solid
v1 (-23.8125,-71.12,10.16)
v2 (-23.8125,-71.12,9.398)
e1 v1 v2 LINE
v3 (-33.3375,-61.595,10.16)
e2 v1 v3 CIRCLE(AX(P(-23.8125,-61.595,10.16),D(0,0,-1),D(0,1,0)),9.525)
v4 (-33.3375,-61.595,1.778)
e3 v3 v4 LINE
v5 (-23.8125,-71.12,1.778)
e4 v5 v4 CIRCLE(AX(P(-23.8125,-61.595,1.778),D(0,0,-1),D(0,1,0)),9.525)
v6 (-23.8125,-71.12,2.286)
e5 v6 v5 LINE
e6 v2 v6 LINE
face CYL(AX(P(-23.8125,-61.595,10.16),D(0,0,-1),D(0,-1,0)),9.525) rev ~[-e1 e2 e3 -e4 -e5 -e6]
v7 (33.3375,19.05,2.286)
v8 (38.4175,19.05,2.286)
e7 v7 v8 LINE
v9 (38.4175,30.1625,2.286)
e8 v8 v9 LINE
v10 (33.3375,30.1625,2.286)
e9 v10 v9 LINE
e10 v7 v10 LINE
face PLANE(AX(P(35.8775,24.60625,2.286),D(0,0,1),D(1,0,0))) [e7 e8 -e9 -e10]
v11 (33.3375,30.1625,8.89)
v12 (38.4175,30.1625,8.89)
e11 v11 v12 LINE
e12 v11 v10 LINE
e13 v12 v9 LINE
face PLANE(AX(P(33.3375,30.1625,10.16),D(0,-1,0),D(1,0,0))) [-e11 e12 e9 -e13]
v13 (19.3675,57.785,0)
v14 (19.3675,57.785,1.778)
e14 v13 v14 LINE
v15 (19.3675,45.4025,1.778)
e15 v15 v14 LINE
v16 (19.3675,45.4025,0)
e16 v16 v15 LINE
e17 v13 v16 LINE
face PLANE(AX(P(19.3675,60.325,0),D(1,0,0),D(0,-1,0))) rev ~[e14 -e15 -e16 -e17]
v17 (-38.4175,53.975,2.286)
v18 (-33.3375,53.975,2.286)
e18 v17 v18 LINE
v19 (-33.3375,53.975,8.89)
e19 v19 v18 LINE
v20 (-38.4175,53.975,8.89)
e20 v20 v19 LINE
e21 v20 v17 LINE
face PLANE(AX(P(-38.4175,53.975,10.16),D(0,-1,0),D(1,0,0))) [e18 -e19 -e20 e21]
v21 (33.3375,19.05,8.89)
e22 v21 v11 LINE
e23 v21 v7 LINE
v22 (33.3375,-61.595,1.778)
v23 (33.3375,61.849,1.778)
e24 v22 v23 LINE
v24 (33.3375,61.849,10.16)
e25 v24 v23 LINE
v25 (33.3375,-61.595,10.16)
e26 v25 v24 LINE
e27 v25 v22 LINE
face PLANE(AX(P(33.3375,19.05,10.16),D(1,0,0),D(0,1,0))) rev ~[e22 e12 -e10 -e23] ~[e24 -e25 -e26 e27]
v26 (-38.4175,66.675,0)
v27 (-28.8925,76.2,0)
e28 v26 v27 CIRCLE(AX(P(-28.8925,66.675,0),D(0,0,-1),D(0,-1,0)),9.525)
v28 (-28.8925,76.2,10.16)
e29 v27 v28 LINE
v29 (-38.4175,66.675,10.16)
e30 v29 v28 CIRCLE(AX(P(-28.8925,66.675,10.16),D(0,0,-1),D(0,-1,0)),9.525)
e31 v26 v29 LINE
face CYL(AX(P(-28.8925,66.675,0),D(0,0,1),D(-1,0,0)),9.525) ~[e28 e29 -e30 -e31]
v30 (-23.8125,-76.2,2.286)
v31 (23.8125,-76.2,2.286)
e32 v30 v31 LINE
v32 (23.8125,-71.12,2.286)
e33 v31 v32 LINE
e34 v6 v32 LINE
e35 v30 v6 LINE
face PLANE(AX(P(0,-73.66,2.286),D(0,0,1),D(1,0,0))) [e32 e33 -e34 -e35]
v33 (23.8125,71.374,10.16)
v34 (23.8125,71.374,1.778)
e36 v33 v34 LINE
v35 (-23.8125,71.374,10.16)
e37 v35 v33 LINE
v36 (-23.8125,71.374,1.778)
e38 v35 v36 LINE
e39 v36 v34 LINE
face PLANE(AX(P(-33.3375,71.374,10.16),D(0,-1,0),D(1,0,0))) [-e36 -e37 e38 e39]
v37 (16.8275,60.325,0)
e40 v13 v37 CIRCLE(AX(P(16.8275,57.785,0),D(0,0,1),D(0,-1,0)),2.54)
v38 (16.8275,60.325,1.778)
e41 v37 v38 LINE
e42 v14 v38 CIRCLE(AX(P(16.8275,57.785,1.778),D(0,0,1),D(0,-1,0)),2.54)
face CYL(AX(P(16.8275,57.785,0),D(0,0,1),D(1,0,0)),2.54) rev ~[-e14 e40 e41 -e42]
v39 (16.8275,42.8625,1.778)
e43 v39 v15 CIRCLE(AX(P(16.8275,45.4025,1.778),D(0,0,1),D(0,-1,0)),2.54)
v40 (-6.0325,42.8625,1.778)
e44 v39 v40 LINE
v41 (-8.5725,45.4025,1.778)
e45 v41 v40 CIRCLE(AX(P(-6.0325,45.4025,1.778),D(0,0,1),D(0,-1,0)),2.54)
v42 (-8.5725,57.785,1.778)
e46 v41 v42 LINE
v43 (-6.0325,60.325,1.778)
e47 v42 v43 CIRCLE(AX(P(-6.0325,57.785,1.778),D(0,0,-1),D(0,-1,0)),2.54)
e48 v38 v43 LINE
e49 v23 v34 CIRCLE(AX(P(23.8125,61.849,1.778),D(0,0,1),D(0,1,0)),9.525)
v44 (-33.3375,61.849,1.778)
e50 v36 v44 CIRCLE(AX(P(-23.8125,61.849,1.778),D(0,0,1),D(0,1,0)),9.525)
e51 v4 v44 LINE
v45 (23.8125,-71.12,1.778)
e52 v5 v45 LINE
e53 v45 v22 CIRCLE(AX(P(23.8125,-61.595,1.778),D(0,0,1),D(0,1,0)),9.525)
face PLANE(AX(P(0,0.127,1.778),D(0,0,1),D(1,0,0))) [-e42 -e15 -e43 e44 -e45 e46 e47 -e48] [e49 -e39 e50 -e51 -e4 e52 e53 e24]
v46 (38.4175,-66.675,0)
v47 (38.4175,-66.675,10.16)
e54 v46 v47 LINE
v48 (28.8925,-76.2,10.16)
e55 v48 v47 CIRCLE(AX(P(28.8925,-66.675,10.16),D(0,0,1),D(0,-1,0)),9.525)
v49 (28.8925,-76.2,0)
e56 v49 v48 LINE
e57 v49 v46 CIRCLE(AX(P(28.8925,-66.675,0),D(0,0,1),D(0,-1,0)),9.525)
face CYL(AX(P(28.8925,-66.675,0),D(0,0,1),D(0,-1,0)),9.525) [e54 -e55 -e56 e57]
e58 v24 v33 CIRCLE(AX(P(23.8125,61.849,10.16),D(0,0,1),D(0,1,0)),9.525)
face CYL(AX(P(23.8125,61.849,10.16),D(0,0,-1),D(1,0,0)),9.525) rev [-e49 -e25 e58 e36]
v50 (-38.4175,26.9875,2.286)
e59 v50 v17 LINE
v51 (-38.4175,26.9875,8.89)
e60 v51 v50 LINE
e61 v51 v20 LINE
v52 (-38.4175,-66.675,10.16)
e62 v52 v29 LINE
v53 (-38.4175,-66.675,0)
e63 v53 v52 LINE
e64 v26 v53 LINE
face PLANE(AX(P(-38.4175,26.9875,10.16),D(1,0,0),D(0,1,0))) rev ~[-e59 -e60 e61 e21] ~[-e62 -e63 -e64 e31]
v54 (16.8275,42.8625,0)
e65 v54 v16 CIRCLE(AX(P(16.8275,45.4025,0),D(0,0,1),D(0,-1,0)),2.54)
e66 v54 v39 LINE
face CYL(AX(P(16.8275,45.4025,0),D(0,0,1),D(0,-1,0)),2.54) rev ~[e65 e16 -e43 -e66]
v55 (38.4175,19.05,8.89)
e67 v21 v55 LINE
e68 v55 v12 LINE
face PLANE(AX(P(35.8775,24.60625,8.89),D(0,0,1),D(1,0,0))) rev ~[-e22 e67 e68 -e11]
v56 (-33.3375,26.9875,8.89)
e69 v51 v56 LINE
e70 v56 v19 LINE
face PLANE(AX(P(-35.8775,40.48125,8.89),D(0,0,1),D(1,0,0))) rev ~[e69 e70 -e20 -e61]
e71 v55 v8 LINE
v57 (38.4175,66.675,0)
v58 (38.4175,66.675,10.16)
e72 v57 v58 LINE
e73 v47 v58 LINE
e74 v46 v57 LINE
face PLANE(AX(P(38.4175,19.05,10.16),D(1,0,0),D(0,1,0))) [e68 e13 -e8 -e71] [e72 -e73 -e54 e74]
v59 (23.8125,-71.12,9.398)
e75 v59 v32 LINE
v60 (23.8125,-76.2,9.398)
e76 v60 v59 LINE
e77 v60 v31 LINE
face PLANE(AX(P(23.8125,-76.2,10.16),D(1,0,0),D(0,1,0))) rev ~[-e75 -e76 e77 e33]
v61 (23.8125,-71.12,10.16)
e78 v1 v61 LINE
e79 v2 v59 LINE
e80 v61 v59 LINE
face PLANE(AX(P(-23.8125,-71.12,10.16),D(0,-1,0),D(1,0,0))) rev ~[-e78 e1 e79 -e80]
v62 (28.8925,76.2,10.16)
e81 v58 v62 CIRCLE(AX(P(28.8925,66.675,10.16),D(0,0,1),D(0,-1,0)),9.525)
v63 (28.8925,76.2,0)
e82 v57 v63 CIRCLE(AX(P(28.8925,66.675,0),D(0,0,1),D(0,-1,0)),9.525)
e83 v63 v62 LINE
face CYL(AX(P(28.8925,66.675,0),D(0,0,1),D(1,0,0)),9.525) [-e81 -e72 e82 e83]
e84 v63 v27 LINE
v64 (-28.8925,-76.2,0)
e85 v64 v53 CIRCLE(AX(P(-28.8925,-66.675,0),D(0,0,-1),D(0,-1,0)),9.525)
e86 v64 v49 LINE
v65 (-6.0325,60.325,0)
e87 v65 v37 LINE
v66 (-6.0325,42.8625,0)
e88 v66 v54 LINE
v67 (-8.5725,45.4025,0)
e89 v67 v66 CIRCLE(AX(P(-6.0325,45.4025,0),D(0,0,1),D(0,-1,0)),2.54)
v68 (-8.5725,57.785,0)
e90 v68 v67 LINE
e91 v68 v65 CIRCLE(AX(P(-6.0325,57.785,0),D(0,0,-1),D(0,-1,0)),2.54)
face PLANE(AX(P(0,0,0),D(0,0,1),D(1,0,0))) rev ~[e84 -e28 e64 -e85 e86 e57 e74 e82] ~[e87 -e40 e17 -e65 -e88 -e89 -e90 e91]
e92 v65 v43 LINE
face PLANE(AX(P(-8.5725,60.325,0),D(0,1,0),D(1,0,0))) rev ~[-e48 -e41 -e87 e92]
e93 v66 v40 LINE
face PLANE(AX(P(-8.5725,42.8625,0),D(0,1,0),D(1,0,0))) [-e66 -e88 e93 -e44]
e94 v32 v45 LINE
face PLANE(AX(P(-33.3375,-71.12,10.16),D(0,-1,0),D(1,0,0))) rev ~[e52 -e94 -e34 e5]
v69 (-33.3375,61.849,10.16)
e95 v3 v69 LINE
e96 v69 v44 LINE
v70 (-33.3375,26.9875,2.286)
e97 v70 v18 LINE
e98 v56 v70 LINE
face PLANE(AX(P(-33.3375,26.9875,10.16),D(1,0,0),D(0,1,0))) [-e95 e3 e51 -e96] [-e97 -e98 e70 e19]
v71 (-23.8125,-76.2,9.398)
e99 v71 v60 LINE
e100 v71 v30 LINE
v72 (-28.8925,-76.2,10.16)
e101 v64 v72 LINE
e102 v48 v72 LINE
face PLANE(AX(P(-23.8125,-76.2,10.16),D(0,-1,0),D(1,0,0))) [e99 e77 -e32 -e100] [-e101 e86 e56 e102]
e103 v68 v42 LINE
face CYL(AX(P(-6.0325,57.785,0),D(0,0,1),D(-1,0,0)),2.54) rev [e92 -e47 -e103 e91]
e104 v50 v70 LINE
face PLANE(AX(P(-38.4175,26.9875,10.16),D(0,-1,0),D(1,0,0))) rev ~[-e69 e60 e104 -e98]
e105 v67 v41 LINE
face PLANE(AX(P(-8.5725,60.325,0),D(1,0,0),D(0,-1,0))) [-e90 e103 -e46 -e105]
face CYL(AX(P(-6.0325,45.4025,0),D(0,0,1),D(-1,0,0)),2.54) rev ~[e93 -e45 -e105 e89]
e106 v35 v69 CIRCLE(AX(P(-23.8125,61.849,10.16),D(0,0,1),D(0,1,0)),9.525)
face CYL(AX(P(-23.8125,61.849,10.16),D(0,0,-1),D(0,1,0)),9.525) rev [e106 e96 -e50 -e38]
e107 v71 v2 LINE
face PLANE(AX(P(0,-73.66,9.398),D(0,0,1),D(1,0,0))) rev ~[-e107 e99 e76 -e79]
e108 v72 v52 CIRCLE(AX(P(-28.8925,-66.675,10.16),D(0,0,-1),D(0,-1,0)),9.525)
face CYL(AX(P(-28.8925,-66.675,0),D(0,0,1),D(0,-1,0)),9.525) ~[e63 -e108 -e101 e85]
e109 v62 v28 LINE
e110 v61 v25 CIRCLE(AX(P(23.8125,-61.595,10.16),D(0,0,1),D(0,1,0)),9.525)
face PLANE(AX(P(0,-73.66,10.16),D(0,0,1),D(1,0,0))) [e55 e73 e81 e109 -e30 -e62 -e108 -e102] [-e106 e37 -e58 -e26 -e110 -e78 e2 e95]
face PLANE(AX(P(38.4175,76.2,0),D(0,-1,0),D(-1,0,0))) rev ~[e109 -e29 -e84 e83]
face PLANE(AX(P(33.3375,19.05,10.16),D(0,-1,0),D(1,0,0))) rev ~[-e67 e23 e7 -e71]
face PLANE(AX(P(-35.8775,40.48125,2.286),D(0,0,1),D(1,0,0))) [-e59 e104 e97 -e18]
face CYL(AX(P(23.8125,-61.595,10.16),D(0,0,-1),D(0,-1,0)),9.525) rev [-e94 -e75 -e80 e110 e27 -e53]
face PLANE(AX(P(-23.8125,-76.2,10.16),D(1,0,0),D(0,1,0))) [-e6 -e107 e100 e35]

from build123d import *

# Parameters (mm, degrees)
F0_W      = 66.675
F0_H      = 142.24
F1_DEPTH  = 10.16
F2_W      = 66.675
F2_H      = 142.494
F3_DEPTH  = 8.382
F4_R      = 9.525
F5_W      = 47.625
F5_H      = 5.08
F5_W_2    = 5.08
F5_H_2    = 11.1125
F5_H_3    = 26.9875
F6_DEPTH  = 7.874
F7_W      = 27.94
F7_H      = 17.4625
F8_DEPTH  = 2.286
F9_R      = 2.54
F10_W     = 5.08
F10_H     = 26.9875
F11_DEPTH = 1.27
F12_W     = 5.08
F12_H     = 11.1125
F13_DEPTH = 1.27
F14_W     = 47.625
F14_H     = 5.08
F15_DEPTH = 0.762


with BuildPart() as f1:
    # F0 (on Top) → F1 (new body)
    with BuildSketch(Plane.XY):
        Polygon((-38.4175, -76.2), (-33.3375, -76.2), (38.4175, -76.2), (38.4175, 76.2), (-38.4175, 76.2), align=None)
        Rectangle(F0_W, F0_H, mode=Mode.SUBTRACT)
        Rectangle(F0_W, F0_H)
    extrude(amount=F1_DEPTH)

    # F2 (on face) → F3 (cut)
    with BuildSketch(Plane.XY.offset(10.16)):
        with Locations((0, 0.127)):
            Rectangle(F2_W, F2_H)
    extrude(amount=-F3_DEPTH, mode=Mode.SUBTRACT)

    # F4
    f4_edges = [f1.edges().sort_by_distance(p)[0] for p in [
        (-38.4175, 76.2, 5.08),
        (-38.4175, -76.2, 5.08),
        (-33.3375, 71.374, 5.969),
        (-33.3375, -71.12, 5.969),
        (33.3375, -71.12, 5.969),
        (38.4175, -76.2, 5.08),
        (38.4175, 76.2, 5.08),
        (33.3375, 71.374, 5.969),
    ]]
    fillet(f4_edges, radius=F4_R)

    # F5 (on face) → F6 (cut)
    with BuildSketch(Plane.XY.offset(10.16)):
        with Locations((0, -73.66)):
            Rectangle(F5_W, F5_H)
        with Locations((35.8775, 24.60625)):
            Rectangle(F5_W_2, F5_H_2)
        with Locations((-35.8775, 40.48125)):
            Rectangle(F5_W_2, F5_H_3)
    extrude(amount=-F6_DEPTH, mode=Mode.SUBTRACT)

    # F7 (on face) → F8 (cut)
    with BuildSketch(Plane(origin=(0, 0, 0), x_dir=(1, 0, 0), z_dir=(0, 0, -1))):
        with Locations((5.3975, -51.59375)):
            Rectangle(F7_W, F7_H)
    extrude(amount=-F8_DEPTH, mode=Mode.SUBTRACT)

    # F9
    f9_edges = [f1.edges().sort_by_distance(p)[0] for p in [
        (19.3675, 60.325, 0.889),
        (-8.5725, 60.325, 0.889),
        (-8.5725, 42.8625, 0.889),
        (19.3675, 42.8625, 0.889),
    ]]
    fillet(f9_edges, radius=F9_R)

    # F10 (on face) → F11 (join)
    with BuildSketch(Plane.XY.offset(10.16)):
        with Locations((-35.8775, 40.48125)):
            Rectangle(F10_W, F10_H)
    extrude(amount=-F11_DEPTH)

    # F12 (on face) → F13 (join)
    with BuildSketch(Plane.XY.offset(10.16)):
        with Locations((35.8775, 24.60625)):
            Rectangle(F12_W, F12_H)
    extrude(amount=-F13_DEPTH)

    # F14 (on face) → F15 (join)
    with BuildSketch(Plane.XY.offset(10.16)):
        with Locations((0, -73.66)):
            Rectangle(F14_W, F14_H)
    extrude(amount=-F15_DEPTH)


solid = f1.part
